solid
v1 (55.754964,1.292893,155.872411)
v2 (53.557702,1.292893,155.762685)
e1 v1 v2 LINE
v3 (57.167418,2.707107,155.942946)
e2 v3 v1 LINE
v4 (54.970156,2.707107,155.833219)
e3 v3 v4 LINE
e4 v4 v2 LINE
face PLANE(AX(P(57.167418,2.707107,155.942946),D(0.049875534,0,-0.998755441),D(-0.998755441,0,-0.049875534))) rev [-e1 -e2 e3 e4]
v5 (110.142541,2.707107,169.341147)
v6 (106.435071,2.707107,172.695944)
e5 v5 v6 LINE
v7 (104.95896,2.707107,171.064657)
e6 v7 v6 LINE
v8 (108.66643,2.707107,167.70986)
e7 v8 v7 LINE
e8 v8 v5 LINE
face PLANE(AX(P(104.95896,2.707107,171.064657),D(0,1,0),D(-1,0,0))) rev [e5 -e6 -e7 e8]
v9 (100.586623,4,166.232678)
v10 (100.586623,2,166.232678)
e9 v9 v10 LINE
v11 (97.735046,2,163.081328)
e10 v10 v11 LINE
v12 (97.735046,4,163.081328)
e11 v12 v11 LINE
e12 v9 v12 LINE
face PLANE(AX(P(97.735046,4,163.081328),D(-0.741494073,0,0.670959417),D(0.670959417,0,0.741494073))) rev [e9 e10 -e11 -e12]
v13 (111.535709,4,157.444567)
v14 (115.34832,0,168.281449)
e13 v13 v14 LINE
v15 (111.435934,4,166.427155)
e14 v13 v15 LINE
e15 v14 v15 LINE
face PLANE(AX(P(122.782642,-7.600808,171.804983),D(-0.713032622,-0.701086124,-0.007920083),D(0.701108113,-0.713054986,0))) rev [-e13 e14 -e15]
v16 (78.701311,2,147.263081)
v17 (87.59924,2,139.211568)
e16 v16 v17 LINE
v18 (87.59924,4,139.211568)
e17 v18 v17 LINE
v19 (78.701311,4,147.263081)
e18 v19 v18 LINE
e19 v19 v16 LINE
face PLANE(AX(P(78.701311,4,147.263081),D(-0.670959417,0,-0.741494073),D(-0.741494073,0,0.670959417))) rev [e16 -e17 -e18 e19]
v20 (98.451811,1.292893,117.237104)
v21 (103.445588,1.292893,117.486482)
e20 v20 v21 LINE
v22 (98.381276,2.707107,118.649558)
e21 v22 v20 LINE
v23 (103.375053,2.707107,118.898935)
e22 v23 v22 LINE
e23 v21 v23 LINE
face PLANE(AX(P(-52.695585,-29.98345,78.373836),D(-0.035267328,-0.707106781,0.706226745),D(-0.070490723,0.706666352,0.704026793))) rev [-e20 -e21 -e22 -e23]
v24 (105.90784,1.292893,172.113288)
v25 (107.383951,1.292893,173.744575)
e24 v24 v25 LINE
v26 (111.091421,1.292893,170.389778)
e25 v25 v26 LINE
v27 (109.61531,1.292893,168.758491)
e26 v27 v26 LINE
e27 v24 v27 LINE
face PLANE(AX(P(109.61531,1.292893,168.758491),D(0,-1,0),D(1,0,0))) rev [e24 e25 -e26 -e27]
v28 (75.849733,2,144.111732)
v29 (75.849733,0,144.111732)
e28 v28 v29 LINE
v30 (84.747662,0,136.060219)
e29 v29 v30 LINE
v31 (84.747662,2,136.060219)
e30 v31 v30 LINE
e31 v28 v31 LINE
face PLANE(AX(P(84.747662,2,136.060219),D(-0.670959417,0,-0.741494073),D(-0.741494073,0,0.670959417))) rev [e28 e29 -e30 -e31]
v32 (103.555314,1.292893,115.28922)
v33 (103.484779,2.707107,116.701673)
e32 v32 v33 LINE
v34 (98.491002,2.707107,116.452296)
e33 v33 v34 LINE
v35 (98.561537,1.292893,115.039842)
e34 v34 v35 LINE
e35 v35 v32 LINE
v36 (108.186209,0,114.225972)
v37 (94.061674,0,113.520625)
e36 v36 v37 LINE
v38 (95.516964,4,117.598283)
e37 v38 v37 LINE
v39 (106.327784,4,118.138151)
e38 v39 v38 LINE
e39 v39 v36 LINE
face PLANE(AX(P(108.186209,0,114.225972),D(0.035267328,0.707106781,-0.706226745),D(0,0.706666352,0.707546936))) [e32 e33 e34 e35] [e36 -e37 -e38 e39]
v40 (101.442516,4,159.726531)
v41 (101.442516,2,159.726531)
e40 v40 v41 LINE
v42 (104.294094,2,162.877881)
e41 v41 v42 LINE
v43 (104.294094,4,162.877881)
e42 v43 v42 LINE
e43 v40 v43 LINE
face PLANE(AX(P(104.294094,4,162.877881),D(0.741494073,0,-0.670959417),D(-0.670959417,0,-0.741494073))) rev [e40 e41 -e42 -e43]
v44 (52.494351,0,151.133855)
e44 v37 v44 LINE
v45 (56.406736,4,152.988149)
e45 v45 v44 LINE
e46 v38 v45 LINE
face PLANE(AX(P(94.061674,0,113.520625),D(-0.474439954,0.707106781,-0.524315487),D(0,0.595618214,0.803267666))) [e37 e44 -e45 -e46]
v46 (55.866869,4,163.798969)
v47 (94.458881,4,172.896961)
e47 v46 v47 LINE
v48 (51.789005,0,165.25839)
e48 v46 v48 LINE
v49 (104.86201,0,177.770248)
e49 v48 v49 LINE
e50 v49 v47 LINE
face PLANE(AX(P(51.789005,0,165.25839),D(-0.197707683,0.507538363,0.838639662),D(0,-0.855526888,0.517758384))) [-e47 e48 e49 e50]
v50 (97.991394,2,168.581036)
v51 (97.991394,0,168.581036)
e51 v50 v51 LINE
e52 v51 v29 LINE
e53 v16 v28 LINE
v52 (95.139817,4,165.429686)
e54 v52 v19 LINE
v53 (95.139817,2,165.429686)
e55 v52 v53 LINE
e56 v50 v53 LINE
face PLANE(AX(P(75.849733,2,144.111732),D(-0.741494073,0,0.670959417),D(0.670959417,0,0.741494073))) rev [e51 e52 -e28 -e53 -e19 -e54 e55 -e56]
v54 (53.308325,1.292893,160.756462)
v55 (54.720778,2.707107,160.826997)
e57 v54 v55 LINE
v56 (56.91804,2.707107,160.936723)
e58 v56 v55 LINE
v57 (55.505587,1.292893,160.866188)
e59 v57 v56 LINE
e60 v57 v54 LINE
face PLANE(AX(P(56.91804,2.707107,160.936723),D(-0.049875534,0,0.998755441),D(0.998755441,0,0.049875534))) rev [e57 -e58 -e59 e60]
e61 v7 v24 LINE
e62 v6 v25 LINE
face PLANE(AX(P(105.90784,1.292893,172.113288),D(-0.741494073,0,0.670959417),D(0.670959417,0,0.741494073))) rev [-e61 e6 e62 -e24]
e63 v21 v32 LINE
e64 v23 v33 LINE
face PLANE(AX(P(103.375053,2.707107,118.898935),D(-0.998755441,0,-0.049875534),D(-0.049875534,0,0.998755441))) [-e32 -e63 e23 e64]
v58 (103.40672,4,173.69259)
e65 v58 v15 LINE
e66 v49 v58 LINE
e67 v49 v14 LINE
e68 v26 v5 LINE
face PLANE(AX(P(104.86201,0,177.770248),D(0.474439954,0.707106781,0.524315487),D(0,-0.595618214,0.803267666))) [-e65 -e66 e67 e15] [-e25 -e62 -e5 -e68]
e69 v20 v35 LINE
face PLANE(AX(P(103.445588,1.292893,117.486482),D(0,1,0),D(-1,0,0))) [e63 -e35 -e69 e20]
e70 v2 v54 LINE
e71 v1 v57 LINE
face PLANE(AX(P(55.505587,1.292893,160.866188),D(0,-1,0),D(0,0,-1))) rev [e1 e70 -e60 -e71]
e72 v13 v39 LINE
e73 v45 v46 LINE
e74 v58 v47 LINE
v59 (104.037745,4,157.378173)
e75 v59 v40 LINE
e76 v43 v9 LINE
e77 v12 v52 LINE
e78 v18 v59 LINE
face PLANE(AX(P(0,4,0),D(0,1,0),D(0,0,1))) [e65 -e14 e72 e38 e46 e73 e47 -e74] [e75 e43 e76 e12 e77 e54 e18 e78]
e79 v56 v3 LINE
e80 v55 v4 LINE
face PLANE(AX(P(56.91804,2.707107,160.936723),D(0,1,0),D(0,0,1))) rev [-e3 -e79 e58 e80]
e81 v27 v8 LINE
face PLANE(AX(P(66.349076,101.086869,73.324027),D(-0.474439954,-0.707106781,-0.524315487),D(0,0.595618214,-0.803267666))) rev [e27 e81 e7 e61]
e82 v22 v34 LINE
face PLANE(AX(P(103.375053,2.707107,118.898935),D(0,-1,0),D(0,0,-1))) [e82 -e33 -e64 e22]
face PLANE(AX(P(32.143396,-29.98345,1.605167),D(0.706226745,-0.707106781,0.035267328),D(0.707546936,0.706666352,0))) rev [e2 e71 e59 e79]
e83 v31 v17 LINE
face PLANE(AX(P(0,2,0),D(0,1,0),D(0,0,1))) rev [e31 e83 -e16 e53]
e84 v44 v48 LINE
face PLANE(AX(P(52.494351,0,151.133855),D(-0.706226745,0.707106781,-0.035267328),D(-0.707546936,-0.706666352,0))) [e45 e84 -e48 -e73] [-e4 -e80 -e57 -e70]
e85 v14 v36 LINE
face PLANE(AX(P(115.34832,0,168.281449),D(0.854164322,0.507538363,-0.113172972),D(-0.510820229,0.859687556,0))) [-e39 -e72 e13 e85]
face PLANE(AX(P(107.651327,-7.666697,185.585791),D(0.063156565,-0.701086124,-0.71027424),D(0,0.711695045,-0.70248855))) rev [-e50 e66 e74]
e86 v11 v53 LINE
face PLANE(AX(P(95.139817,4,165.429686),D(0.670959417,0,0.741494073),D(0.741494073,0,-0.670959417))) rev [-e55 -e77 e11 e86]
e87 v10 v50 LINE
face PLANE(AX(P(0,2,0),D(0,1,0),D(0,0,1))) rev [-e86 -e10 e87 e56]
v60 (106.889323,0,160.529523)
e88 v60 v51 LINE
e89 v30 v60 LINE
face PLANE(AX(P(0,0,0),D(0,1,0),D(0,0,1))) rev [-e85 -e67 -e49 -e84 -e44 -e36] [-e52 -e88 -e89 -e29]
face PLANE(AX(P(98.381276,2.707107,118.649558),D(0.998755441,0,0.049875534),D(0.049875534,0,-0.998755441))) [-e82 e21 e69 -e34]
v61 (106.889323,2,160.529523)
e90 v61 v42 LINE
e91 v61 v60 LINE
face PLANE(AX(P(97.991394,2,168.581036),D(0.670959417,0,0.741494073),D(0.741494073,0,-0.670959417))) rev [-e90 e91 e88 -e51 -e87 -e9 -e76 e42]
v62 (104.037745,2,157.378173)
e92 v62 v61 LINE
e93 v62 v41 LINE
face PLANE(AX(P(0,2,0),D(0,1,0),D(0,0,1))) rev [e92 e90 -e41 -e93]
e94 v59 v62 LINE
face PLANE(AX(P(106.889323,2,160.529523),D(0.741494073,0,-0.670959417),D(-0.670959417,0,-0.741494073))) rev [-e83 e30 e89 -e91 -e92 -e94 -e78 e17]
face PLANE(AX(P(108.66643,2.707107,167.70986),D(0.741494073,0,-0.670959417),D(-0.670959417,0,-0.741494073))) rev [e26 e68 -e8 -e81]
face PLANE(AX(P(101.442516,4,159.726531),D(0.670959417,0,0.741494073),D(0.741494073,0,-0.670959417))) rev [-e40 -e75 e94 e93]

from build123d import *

# Parameters (mm, degrees)
BOSS_EXTRUDE1_DEPTH = 4
DRAFT1_ANGLE        = -45
DRAFT2_ANGLE        = -30.5
CUT_EXTRUDE5_DEPTH  = 2
CUT_EXTRUDE6_DEPTH  = 212.923325802
CUT_EXTRUDE9_DEPTH  = 2.2
CUT_EXTRUDE7_DEPTH  = 8.686291501
CUT_EXTRUDE8_DEPTH  = 8.686291501
CUT_EXTRUDE10_DEPTH = 2.2


with BuildPart() as part:
    # Sketch1 → Boss-Extrude1 (new body)
    with BuildSketch(Plane(origin=(0, 0, 0), x_dir=(1, 0, 0), z_dir=(0, 1, 0))):
        Polygon((52.494351143, -151.133854852), (51.789004581, -165.258389755), (104.862009772, -177.770248363), (115.348319519, -168.281449289), (108.186209242, -114.225971655), (94.061674339, -113.520625094), align=None)
    extrude(amount=BOSS_EXTRUDE1_DEPTH)

    # Draft1
    draft1_faces = [part.faces().sort_by_distance(p)[0] for p in [
        (73.278012741, 2, 132.327239973),
        (110.105164645, 2, 173.025848826),
        (52.141677862, 2, 158.196122303),
        (101.12394179, 2, 113.873298375),
    ]]
    draft(draft1_faces, Plane(origin=(0, 0, 0), x_dir=(0, 0, -1), z_dir=(0, -1, 0)), DRAFT1_ANGLE)

    # Draft2
    draft2_faces = [part.faces().sort_by_distance(p)[0] for p in [
        (78.138469796, 1.940570555, 171.470225357),
        (111.74202401, 1.940570555, 141.063210709),
    ]]
    draft(draft2_faces, Plane(origin=(0, 0, 0), x_dir=(0, 0, -1), z_dir=(0, -1, 0)), DRAFT2_ANGLE)

    # Sketch2 → Cut-Extrude5 (cut)
    with BuildSketch(Plane.XZ):
        Polygon((75.849733352, 144.111731538), (97.991394115, 168.581035955), (106.889322994, 160.52952295), (84.747662231, 136.060218533), align=None)
    extrude(amount=-CUT_EXTRUDE5_DEPTH, mode=Mode.SUBTRACT)

    # Sketch3 → Cut-Extrude6 (cut, through all)
    with BuildSketch(Plane.XZ.offset(-2)):
        Polygon((95.139816593, 165.429686144), (97.735045849, 163.081328184), (100.586623371, 166.232677995), (104.294093738, 162.87788091), (101.442516215, 159.726531099), (104.037745471, 157.378173139), (87.599239753, 139.211568345), (78.701310874, 147.263081349), align=None)
    extrude(amount=-CUT_EXTRUDE6_DEPTH, mode=Mode.SUBTRACT)

    # Sketch7 → Cut-Extrude9 (cut, along a direction that is not the sketch's normal)
    with BuildSketch(Plane(origin=(67.825186868, 101.086869254, 74.955314434), x_dir=(-0.5807891989379262, -0.19614622185114675, 0.7900699754139267), z_dir=(0.4744399537114777, 0.7071067811865489, 0.5243154873949929))):
        Polygon((74.094551817, 123.420131254), (69.290768622, 124.80709449), (69.845553917, 126.728607768), (74.649337111, 125.341644532), align=None)
    extrude(amount=-CUT_EXTRUDE9_DEPTH, dir=(0.6709594170704366, 0, 0.7414940732362599), mode=Mode.SUBTRACT)

    # Sketch4 → Cut-Extrude7 (cut, along a direction that is not the sketch's normal)
    with BuildSketch(Plane(origin=(0, 4, 0), x_dir=(1, 0, 0), z_dir=(0, 1, 0))):
        Polygon((112.587766826, -165.384890501), (111.435934245, -166.427154957), (111.53570927, -157.444566839), align=None)
    extrude(amount=-CUT_EXTRUDE7_DEPTH, dir=(-0.6637345426247422, 0.6785983445458476, -0.3145802659200979), mode=Mode.SUBTRACT)

    # Sketch6 → Cut-Extrude8 (cut, along a direction that is not the sketch's normal)
    with BuildSketch(Plane(origin=(0, 4, 0), x_dir=(1, 0, 0), z_dir=(0, 1, 0))):
        Polygon((102.254887128, -174.734854565), (103.406719709, -173.692590108), (94.458880925, -172.896961139), align=None)
    extrude(amount=-CUT_EXTRUDE8_DEPTH, dir=(-0.24688935673809265, 0.6785983445458336, -0.6917730352573054), mode=Mode.SUBTRACT)

    # Sketch8 → Cut-Extrude10 (cut, along a direction that is not the sketch's normal)
    with BuildSketch(Plane(origin=(29.94613408, -29.98345025, 1.495440583), x_dir=(0.7079857233236485, 0.7053499867326429, -0.03517970702195721), z_dir=(-0.7062267451533468, 0.7071067811865487, -0.03526732808291803))):
        Polygon((34.993140865, -160.762185663), (35.345376313, -155.774608076), (33.350345278, -155.633713897), (32.99810983, -160.621291484), align=None)
    cut_extrude10 = extrude(amount=-CUT_EXTRUDE10_DEPTH, dir=(-0.9987554411064721, 0, -0.04987553368352402), mode=Mode.SUBTRACT)

    # Mirror1: Cut-Extrude10 across plane
    add(cut_extrude10.mirror(Plane(origin=(-25.545209091, 0, 23.115219958), x_dir=(0.6709594170704504, 0, 0.7414940732362473), z_dir=(-0.7414940732362473, 0, 0.6709594170704505))), mode=Mode.SUBTRACT)


solid = part.part
